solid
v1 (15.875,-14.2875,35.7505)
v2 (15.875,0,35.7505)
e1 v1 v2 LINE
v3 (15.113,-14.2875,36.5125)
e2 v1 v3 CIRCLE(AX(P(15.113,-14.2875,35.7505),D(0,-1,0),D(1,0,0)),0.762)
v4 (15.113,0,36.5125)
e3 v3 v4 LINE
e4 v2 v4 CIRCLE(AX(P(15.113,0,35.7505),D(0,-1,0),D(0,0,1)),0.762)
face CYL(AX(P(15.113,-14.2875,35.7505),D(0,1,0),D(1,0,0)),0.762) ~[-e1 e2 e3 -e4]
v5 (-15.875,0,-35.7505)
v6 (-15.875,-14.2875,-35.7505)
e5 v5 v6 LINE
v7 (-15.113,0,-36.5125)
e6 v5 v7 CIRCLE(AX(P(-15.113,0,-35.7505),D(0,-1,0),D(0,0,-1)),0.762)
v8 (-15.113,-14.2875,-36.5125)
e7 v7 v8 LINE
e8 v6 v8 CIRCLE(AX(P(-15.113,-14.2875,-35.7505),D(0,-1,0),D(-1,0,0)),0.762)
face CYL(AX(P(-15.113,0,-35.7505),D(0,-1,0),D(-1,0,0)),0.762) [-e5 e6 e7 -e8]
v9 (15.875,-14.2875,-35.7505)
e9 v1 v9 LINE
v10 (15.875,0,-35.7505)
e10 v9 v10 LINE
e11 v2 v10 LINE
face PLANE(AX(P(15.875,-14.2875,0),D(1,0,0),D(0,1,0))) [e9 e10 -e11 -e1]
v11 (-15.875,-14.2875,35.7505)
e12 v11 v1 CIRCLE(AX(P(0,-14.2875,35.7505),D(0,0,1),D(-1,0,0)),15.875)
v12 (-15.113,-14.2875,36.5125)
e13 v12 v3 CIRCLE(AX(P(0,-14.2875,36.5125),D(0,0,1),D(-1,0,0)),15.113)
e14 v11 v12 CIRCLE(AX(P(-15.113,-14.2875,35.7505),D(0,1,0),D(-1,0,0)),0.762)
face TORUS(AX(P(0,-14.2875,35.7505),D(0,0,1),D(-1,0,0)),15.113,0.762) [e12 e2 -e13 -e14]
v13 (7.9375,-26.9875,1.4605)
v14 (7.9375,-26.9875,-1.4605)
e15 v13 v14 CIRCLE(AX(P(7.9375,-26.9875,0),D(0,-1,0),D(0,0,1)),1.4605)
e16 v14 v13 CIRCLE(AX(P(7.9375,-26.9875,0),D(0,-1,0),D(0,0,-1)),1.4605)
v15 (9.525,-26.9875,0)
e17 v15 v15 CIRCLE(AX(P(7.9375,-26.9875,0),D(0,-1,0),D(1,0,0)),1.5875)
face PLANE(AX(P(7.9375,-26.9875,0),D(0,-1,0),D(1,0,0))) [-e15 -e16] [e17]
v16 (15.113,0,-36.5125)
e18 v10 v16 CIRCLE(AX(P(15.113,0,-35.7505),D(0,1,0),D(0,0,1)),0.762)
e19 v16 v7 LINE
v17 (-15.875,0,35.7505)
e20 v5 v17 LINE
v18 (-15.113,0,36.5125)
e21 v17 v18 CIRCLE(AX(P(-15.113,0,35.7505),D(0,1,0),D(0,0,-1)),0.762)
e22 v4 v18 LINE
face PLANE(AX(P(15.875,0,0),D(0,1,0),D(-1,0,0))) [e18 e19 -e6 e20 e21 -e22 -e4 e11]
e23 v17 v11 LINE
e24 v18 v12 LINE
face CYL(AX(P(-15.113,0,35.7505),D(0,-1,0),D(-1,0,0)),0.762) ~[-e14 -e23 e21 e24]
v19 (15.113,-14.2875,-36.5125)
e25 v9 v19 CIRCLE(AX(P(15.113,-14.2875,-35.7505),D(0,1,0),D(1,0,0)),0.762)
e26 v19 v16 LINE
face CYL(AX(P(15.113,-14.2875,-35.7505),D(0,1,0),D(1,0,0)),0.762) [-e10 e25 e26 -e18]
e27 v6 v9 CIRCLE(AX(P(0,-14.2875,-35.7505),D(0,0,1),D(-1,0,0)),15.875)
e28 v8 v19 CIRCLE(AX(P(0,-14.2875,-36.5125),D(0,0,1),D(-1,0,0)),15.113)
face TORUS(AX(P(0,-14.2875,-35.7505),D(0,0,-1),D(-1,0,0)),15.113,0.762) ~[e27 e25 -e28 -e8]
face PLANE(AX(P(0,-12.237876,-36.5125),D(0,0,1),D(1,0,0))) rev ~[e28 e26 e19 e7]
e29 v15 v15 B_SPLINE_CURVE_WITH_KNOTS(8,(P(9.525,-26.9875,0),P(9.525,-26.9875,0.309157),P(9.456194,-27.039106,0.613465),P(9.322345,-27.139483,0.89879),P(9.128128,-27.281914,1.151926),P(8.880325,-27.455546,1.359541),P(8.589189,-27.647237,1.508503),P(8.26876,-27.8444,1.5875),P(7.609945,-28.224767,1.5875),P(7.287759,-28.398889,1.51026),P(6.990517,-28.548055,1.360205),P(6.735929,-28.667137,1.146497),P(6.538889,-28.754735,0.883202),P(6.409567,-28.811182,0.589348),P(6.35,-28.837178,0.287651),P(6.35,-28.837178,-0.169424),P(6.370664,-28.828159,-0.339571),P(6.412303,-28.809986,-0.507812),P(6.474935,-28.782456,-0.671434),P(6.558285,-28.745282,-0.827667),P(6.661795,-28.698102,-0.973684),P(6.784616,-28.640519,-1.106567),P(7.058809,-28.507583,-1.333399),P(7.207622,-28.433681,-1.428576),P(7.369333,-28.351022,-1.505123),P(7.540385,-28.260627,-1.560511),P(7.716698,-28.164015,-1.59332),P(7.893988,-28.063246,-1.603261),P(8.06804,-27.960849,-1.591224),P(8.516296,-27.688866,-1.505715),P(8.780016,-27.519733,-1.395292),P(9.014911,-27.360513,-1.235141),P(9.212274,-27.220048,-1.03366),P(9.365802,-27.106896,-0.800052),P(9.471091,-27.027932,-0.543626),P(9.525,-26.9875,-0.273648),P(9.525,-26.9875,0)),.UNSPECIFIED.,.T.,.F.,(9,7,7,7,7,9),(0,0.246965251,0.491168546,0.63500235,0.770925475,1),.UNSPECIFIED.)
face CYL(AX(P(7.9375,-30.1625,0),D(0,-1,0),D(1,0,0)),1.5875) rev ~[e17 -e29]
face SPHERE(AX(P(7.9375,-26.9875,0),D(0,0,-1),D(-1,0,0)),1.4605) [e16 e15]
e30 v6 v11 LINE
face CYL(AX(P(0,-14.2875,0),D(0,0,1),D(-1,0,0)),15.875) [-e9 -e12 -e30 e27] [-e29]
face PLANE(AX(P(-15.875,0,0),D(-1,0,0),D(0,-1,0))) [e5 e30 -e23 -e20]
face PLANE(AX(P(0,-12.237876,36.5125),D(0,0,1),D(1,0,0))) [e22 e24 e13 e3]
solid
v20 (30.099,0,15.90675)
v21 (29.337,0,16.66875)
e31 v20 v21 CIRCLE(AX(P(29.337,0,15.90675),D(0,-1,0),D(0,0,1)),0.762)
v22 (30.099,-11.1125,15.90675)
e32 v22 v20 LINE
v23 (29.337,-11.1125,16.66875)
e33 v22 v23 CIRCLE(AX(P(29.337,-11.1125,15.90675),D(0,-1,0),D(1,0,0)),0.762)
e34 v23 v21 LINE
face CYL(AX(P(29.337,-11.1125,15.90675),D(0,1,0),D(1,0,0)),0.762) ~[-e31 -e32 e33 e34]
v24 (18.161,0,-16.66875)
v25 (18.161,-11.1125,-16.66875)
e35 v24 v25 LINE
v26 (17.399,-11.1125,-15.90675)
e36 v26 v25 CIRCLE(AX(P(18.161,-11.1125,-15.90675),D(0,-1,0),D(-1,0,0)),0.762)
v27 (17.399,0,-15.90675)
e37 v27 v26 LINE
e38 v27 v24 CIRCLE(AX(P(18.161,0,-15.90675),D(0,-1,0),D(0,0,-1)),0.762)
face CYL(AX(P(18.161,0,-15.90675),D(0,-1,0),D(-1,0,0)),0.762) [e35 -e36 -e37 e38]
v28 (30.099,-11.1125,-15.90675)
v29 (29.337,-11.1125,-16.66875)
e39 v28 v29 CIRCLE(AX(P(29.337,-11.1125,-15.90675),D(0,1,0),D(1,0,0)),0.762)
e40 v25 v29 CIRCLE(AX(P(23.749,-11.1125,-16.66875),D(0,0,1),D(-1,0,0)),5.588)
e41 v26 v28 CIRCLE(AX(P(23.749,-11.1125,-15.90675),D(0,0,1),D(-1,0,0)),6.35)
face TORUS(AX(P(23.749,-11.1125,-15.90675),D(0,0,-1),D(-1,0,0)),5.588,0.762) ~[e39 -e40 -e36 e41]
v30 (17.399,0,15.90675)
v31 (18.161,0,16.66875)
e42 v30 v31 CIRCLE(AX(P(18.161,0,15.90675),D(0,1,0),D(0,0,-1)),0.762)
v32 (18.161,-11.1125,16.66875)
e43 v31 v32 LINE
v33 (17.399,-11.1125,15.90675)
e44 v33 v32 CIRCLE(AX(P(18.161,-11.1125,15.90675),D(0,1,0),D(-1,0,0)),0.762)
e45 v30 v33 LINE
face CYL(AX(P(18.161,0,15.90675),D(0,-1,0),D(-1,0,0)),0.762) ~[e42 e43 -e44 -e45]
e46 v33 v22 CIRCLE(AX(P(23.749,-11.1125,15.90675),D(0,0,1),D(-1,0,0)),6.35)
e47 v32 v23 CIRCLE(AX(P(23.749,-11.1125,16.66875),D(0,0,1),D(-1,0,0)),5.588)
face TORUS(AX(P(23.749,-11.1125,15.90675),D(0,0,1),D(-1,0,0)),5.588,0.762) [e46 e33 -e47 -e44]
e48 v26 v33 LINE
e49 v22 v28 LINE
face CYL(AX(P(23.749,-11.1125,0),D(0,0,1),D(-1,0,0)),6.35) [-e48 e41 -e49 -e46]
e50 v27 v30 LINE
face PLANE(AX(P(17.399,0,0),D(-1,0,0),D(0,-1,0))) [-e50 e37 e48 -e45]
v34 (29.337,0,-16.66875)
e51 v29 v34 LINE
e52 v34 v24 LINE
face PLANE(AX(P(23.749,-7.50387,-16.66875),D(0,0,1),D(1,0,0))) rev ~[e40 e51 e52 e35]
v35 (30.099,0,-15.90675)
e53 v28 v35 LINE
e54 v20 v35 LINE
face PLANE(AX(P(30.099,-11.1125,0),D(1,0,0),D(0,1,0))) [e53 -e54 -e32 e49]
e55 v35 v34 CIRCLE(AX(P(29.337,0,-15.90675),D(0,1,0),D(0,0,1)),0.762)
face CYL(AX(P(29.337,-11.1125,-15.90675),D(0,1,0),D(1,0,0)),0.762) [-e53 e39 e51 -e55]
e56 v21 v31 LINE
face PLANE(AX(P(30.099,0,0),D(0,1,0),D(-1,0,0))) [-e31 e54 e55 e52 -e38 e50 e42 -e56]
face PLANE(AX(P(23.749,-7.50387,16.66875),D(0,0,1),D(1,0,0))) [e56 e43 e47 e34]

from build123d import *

# Parameters (mm, degrees)
F1_DEPTH  = 36.5125
F4_R      = 1.5875
F5_DEPTH  = 3.175
F8_R      = 0.762
F10_DEPTH = 16.66875
F11_R     = 0.762


with BuildPart() as f1:
    # F0 (on Top) → F1 (new body, symmetric)
    with BuildSketch(Plane.XY):
        with BuildLine():
            Line((15.875, 0), (-15.875, 0))
            Line((-15.875, 0), (-15.875, -14.2875))
            ThreePointArc((-15.875, -14.2875), (0, -30.1625), (15.875, -14.2875))
            Line((15.875, -14.2875), (15.875, 0))
        make_face()
    extrude(amount=F1_DEPTH, both=True)

    # F4 (on plane+point) → F5 (cut)
    with BuildSketch(Plane.XZ.offset(30.1625)):
        with Locations((7.9375, 0)):
            Circle(F4_R)
    extrude(amount=-F5_DEPTH, mode=Mode.SUBTRACT)

    # F6 (on face) → F7 (revolve)
    with BuildSketch(Plane.XZ.offset(26.9875)):
        with BuildLine():
            Line((7.9375, -1.4605), (7.9375, 1.4605))
            ThreePointArc((7.9375, 1.4605), (6.477, 0), (7.9375, -1.4605))
        make_face()
    revolve(axis=Axis((7.9375, -26.9875, 0), (0, 0, -1)))

    # F8
    f8_edges = [f1.edges().sort_by_distance(p)[0] for p in [
        (0, -30.1625, 36.5125),
        (0, -30.1625, -36.5125),
    ]]
    fillet(f8_edges, radius=F8_R)


with BuildPart() as f10:
    # F9 (on Top) → F10 (new body, symmetric)
    with BuildSketch(Plane.XY):
        with BuildLine():
            Line((30.099, 0), (17.399, 0))
            Line((17.399, 0), (17.399, -11.1125))
            ThreePointArc((17.399, -11.1125), (23.749, -17.4625), (30.099, -11.1125))
            Line((30.099, -11.1125), (30.099, 0))
        make_face()
    extrude(amount=F10_DEPTH, both=True)

    # F11
    f11_edges = [f10.edges().sort_by_distance(p)[0] for p in [
        (23.749, -17.4625, 16.66875),
        (23.749, -17.4625, -16.66875),
    ]]
    fillet(f11_edges, radius=F11_R)


solid = Compound([f1.part, f10.part])
